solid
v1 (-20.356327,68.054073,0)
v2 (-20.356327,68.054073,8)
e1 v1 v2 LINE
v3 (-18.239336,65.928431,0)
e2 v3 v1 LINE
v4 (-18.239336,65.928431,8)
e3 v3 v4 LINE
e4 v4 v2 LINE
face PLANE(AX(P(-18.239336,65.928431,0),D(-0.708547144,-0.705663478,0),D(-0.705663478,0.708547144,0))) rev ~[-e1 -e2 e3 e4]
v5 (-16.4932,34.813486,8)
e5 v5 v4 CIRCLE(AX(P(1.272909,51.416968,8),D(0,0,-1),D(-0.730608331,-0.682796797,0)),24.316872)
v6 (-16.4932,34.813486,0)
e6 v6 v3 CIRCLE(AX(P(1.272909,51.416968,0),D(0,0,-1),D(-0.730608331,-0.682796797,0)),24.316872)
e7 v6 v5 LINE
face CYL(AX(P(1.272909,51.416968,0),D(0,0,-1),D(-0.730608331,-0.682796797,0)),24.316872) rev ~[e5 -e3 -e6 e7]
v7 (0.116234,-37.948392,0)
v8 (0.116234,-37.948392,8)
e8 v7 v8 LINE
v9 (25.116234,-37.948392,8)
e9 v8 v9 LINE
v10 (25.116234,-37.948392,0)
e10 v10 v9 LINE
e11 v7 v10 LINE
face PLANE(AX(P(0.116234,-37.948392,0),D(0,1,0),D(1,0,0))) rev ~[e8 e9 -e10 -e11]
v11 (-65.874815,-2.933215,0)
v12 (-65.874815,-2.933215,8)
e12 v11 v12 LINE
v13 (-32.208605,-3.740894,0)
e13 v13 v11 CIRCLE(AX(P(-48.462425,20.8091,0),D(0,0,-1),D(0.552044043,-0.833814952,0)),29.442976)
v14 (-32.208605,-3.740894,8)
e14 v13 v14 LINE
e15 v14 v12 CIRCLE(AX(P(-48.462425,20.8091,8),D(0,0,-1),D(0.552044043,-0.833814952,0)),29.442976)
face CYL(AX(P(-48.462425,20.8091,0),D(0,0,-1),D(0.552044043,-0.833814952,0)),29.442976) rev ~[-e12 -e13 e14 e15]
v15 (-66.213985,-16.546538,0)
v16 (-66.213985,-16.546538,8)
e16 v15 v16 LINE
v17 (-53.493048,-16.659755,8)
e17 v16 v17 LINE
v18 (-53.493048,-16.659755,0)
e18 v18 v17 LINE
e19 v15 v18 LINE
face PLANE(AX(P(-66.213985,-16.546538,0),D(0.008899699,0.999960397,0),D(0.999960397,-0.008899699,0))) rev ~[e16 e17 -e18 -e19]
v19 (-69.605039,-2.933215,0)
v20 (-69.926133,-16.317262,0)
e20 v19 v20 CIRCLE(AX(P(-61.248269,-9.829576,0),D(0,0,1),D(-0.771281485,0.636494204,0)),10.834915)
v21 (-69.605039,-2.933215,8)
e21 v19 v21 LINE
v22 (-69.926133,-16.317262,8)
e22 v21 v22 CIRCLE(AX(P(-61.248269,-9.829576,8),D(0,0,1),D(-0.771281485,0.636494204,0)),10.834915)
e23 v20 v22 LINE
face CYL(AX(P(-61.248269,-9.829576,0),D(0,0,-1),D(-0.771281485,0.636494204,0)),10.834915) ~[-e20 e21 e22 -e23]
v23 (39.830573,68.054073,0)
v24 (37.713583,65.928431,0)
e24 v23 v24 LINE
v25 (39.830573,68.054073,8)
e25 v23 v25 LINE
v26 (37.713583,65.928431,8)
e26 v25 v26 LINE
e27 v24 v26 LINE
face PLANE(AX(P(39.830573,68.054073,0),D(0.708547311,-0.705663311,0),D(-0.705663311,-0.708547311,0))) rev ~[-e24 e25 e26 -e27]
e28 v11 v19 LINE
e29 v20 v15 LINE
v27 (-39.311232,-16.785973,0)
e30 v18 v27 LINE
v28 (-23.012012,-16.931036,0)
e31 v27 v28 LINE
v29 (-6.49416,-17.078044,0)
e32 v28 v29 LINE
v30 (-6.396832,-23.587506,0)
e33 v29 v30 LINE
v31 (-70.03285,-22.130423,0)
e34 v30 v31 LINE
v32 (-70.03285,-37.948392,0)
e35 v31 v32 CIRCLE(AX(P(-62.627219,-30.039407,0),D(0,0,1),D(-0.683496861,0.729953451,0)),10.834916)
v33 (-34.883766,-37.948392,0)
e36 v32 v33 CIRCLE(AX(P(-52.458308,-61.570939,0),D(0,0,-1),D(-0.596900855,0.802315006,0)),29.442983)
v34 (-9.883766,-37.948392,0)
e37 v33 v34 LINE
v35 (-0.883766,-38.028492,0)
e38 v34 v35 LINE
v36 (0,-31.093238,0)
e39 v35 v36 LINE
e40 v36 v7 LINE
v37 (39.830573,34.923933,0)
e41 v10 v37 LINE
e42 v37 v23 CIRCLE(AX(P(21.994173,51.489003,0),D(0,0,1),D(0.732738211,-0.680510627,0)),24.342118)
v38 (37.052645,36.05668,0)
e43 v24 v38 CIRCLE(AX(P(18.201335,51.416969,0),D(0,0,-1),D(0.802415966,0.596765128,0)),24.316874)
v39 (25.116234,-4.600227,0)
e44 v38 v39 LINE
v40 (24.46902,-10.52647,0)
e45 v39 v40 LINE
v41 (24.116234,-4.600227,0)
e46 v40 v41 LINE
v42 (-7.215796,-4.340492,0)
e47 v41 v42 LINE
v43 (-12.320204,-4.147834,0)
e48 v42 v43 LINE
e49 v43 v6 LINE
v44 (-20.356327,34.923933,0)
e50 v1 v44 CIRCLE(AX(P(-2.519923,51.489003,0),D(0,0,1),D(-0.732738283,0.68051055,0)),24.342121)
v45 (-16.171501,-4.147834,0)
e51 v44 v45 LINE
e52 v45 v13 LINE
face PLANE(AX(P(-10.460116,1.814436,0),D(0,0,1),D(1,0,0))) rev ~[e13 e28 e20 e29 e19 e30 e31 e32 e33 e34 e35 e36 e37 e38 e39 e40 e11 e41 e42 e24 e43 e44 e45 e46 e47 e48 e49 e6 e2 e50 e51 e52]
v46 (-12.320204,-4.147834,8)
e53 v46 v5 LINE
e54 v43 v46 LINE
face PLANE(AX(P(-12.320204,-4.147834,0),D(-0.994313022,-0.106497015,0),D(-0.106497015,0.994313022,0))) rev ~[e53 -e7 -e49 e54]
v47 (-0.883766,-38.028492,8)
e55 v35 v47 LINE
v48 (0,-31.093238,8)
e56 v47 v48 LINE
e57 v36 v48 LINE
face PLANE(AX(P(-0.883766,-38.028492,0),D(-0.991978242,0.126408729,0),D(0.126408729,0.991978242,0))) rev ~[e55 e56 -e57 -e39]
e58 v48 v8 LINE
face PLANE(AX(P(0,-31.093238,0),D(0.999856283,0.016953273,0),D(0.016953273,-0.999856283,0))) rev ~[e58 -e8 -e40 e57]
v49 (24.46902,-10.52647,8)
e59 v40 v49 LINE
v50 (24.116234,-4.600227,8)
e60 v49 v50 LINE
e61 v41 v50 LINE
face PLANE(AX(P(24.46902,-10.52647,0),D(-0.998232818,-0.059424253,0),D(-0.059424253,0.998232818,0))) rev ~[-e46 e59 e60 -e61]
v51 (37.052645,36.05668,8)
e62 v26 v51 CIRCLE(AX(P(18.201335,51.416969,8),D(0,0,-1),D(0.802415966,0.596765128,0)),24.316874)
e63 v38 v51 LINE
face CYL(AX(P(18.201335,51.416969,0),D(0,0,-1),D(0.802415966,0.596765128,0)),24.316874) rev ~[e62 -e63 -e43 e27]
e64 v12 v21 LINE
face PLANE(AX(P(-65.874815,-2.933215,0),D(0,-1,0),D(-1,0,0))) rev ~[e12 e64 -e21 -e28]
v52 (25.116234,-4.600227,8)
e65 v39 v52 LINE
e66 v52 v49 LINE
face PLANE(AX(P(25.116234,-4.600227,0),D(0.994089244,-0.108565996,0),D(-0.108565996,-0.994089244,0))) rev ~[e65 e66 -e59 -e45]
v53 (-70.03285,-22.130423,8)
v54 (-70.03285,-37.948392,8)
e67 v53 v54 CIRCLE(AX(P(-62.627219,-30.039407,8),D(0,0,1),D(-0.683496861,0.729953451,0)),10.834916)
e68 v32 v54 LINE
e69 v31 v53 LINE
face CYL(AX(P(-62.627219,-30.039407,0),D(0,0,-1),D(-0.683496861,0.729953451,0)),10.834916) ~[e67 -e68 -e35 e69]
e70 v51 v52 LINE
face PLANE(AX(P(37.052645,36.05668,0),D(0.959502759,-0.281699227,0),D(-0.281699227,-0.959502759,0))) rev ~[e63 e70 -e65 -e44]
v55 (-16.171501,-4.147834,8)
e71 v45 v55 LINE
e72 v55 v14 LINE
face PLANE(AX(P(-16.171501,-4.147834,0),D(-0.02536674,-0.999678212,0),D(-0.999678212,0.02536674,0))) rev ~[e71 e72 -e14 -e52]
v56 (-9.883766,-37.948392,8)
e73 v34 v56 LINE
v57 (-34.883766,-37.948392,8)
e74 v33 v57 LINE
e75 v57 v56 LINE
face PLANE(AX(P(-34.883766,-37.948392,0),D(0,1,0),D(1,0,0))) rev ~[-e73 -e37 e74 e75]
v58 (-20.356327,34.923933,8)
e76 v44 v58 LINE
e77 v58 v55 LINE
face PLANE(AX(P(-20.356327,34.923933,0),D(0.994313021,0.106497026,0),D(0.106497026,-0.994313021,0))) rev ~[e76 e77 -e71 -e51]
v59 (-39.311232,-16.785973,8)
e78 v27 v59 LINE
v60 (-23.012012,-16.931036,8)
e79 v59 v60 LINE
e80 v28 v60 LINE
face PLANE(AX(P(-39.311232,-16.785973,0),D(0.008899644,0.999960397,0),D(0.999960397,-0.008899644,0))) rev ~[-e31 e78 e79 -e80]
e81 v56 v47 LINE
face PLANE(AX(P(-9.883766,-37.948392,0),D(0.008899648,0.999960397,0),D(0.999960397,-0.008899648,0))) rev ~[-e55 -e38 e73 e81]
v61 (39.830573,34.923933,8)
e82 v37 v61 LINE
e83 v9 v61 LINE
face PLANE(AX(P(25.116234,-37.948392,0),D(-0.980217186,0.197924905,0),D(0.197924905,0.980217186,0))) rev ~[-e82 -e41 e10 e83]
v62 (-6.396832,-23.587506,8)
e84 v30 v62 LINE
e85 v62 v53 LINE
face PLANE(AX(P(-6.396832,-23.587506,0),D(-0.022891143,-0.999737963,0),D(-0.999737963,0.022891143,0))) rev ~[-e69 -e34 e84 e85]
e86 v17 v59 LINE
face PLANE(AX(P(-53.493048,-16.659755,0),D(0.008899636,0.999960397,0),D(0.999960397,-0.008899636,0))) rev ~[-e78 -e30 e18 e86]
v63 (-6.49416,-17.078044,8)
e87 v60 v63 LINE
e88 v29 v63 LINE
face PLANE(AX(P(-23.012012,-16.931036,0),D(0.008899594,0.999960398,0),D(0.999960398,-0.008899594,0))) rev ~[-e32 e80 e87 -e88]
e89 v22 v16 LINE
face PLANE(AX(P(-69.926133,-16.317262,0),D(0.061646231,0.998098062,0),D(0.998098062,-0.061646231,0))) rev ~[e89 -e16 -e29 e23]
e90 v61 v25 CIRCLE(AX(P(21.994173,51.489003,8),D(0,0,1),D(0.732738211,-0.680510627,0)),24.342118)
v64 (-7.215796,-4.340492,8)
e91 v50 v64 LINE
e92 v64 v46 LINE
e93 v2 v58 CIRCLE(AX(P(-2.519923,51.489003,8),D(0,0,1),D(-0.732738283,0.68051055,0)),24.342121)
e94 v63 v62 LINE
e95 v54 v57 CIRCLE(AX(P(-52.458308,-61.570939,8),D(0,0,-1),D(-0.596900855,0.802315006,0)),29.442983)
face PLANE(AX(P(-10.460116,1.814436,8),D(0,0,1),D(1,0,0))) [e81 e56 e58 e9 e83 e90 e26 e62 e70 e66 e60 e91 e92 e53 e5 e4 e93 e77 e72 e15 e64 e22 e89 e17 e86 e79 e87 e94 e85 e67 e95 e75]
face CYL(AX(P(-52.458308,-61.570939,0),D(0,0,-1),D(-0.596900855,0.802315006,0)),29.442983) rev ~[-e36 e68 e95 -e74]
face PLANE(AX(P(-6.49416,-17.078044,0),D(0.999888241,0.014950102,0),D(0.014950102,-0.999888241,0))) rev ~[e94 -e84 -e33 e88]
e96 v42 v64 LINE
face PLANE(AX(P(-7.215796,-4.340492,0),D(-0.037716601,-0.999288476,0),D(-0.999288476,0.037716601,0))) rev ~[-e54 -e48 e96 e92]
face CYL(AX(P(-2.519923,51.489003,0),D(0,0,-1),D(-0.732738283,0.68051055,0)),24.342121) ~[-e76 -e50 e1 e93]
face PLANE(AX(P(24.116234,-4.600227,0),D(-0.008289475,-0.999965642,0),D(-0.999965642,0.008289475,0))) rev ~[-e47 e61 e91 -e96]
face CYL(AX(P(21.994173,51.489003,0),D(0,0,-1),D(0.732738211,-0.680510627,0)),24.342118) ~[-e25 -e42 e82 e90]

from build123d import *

# Parameters (mm, degrees)
F1_DEPTH = 8


with BuildPart() as f1:
    # F0 (on Top) → F1 (new body)
    with BuildSketch(Plane.XY):
        with BuildLine():
            ThreePointArc((-70.03285, -37.948392), (-52.458308, -32.127956), (-34.883766, -37.948392))
            Line((-34.883766, -37.948392), (-9.883766, -37.948392))
            Line((-9.883766, -37.948392), (-0.883766, -38.028492))
            Line((-0.883766, -38.028492), (0, -31.093238))
            Line((0, -31.093238), (0.116234, -37.948392))
            Line((0.116234, -37.948392), (25.116234, -37.948392))
            Line((25.116234, -37.948392), (39.830573, 34.923933))
            ThreePointArc((39.830573, 34.923933), (46.336291, 51.489003), (39.830573, 68.054073))
            Line((39.830573, 68.054073), (37.713583, 65.928431))
            ThreePointArc((37.713583, 65.928431), (42.512259, 50.879069), (37.052645, 36.05668))
            Line((37.052645, 36.05668), (25.116234, -4.600227))
            Line((25.116234, -4.600227), (24.46902, -10.52647))
            Line((24.46902, -10.52647), (24.116234, -4.600227))
            Line((24.116234, -4.600227), (-7.215796, -4.340492))
            Line((-7.215796, -4.340492), (-12.320204, -4.147834))
            Line((-12.320204, -4.147834), (-16.4932, 34.813486))
            ThreePointArc((-16.4932, 34.813486), (-23.005762, 50.054476), (-18.239336, 65.928431))
            Line((-18.239336, 65.928431), (-20.356327, 68.054073))
            ThreePointArc((-20.356327, 68.054073), (-26.862044, 51.489003), (-20.356327, 34.923933))
            Line((-20.356327, 34.923933), (-16.171501, -4.147834))
            Line((-16.171501, -4.147834), (-32.208605, -3.740894))
            ThreePointArc((-32.208605, -3.740894), (-49.168582, -8.625407), (-65.874815, -2.933215))
            Line((-65.874815, -2.933215), (-69.605039, -2.933215))
            ThreePointArc((-69.605039, -2.933215), (-72.080068, -9.569712), (-69.926133, -16.317262))
            Line((-69.926133, -16.317262), (-66.213985, -16.546538))
            Line((-66.213985, -16.546538), (-53.493048, -16.659755))
            Line((-53.493048, -16.659755), (-39.311232, -16.785973))
            Line((-39.311232, -16.785973), (-23.012012, -16.931036))
            Line((-23.012012, -16.931036), (-6.49416, -17.078044))
            Line((-6.49416, -17.078044), (-6.396832, -23.587506))
            Line((-6.396832, -23.587506), (-70.03285, -22.130423))
            ThreePointArc((-70.03285, -22.130423), (-73.462135, -30.039408), (-70.03285, -37.948392))
        make_face()
    extrude(amount=F1_DEPTH)


solid = f1.part
